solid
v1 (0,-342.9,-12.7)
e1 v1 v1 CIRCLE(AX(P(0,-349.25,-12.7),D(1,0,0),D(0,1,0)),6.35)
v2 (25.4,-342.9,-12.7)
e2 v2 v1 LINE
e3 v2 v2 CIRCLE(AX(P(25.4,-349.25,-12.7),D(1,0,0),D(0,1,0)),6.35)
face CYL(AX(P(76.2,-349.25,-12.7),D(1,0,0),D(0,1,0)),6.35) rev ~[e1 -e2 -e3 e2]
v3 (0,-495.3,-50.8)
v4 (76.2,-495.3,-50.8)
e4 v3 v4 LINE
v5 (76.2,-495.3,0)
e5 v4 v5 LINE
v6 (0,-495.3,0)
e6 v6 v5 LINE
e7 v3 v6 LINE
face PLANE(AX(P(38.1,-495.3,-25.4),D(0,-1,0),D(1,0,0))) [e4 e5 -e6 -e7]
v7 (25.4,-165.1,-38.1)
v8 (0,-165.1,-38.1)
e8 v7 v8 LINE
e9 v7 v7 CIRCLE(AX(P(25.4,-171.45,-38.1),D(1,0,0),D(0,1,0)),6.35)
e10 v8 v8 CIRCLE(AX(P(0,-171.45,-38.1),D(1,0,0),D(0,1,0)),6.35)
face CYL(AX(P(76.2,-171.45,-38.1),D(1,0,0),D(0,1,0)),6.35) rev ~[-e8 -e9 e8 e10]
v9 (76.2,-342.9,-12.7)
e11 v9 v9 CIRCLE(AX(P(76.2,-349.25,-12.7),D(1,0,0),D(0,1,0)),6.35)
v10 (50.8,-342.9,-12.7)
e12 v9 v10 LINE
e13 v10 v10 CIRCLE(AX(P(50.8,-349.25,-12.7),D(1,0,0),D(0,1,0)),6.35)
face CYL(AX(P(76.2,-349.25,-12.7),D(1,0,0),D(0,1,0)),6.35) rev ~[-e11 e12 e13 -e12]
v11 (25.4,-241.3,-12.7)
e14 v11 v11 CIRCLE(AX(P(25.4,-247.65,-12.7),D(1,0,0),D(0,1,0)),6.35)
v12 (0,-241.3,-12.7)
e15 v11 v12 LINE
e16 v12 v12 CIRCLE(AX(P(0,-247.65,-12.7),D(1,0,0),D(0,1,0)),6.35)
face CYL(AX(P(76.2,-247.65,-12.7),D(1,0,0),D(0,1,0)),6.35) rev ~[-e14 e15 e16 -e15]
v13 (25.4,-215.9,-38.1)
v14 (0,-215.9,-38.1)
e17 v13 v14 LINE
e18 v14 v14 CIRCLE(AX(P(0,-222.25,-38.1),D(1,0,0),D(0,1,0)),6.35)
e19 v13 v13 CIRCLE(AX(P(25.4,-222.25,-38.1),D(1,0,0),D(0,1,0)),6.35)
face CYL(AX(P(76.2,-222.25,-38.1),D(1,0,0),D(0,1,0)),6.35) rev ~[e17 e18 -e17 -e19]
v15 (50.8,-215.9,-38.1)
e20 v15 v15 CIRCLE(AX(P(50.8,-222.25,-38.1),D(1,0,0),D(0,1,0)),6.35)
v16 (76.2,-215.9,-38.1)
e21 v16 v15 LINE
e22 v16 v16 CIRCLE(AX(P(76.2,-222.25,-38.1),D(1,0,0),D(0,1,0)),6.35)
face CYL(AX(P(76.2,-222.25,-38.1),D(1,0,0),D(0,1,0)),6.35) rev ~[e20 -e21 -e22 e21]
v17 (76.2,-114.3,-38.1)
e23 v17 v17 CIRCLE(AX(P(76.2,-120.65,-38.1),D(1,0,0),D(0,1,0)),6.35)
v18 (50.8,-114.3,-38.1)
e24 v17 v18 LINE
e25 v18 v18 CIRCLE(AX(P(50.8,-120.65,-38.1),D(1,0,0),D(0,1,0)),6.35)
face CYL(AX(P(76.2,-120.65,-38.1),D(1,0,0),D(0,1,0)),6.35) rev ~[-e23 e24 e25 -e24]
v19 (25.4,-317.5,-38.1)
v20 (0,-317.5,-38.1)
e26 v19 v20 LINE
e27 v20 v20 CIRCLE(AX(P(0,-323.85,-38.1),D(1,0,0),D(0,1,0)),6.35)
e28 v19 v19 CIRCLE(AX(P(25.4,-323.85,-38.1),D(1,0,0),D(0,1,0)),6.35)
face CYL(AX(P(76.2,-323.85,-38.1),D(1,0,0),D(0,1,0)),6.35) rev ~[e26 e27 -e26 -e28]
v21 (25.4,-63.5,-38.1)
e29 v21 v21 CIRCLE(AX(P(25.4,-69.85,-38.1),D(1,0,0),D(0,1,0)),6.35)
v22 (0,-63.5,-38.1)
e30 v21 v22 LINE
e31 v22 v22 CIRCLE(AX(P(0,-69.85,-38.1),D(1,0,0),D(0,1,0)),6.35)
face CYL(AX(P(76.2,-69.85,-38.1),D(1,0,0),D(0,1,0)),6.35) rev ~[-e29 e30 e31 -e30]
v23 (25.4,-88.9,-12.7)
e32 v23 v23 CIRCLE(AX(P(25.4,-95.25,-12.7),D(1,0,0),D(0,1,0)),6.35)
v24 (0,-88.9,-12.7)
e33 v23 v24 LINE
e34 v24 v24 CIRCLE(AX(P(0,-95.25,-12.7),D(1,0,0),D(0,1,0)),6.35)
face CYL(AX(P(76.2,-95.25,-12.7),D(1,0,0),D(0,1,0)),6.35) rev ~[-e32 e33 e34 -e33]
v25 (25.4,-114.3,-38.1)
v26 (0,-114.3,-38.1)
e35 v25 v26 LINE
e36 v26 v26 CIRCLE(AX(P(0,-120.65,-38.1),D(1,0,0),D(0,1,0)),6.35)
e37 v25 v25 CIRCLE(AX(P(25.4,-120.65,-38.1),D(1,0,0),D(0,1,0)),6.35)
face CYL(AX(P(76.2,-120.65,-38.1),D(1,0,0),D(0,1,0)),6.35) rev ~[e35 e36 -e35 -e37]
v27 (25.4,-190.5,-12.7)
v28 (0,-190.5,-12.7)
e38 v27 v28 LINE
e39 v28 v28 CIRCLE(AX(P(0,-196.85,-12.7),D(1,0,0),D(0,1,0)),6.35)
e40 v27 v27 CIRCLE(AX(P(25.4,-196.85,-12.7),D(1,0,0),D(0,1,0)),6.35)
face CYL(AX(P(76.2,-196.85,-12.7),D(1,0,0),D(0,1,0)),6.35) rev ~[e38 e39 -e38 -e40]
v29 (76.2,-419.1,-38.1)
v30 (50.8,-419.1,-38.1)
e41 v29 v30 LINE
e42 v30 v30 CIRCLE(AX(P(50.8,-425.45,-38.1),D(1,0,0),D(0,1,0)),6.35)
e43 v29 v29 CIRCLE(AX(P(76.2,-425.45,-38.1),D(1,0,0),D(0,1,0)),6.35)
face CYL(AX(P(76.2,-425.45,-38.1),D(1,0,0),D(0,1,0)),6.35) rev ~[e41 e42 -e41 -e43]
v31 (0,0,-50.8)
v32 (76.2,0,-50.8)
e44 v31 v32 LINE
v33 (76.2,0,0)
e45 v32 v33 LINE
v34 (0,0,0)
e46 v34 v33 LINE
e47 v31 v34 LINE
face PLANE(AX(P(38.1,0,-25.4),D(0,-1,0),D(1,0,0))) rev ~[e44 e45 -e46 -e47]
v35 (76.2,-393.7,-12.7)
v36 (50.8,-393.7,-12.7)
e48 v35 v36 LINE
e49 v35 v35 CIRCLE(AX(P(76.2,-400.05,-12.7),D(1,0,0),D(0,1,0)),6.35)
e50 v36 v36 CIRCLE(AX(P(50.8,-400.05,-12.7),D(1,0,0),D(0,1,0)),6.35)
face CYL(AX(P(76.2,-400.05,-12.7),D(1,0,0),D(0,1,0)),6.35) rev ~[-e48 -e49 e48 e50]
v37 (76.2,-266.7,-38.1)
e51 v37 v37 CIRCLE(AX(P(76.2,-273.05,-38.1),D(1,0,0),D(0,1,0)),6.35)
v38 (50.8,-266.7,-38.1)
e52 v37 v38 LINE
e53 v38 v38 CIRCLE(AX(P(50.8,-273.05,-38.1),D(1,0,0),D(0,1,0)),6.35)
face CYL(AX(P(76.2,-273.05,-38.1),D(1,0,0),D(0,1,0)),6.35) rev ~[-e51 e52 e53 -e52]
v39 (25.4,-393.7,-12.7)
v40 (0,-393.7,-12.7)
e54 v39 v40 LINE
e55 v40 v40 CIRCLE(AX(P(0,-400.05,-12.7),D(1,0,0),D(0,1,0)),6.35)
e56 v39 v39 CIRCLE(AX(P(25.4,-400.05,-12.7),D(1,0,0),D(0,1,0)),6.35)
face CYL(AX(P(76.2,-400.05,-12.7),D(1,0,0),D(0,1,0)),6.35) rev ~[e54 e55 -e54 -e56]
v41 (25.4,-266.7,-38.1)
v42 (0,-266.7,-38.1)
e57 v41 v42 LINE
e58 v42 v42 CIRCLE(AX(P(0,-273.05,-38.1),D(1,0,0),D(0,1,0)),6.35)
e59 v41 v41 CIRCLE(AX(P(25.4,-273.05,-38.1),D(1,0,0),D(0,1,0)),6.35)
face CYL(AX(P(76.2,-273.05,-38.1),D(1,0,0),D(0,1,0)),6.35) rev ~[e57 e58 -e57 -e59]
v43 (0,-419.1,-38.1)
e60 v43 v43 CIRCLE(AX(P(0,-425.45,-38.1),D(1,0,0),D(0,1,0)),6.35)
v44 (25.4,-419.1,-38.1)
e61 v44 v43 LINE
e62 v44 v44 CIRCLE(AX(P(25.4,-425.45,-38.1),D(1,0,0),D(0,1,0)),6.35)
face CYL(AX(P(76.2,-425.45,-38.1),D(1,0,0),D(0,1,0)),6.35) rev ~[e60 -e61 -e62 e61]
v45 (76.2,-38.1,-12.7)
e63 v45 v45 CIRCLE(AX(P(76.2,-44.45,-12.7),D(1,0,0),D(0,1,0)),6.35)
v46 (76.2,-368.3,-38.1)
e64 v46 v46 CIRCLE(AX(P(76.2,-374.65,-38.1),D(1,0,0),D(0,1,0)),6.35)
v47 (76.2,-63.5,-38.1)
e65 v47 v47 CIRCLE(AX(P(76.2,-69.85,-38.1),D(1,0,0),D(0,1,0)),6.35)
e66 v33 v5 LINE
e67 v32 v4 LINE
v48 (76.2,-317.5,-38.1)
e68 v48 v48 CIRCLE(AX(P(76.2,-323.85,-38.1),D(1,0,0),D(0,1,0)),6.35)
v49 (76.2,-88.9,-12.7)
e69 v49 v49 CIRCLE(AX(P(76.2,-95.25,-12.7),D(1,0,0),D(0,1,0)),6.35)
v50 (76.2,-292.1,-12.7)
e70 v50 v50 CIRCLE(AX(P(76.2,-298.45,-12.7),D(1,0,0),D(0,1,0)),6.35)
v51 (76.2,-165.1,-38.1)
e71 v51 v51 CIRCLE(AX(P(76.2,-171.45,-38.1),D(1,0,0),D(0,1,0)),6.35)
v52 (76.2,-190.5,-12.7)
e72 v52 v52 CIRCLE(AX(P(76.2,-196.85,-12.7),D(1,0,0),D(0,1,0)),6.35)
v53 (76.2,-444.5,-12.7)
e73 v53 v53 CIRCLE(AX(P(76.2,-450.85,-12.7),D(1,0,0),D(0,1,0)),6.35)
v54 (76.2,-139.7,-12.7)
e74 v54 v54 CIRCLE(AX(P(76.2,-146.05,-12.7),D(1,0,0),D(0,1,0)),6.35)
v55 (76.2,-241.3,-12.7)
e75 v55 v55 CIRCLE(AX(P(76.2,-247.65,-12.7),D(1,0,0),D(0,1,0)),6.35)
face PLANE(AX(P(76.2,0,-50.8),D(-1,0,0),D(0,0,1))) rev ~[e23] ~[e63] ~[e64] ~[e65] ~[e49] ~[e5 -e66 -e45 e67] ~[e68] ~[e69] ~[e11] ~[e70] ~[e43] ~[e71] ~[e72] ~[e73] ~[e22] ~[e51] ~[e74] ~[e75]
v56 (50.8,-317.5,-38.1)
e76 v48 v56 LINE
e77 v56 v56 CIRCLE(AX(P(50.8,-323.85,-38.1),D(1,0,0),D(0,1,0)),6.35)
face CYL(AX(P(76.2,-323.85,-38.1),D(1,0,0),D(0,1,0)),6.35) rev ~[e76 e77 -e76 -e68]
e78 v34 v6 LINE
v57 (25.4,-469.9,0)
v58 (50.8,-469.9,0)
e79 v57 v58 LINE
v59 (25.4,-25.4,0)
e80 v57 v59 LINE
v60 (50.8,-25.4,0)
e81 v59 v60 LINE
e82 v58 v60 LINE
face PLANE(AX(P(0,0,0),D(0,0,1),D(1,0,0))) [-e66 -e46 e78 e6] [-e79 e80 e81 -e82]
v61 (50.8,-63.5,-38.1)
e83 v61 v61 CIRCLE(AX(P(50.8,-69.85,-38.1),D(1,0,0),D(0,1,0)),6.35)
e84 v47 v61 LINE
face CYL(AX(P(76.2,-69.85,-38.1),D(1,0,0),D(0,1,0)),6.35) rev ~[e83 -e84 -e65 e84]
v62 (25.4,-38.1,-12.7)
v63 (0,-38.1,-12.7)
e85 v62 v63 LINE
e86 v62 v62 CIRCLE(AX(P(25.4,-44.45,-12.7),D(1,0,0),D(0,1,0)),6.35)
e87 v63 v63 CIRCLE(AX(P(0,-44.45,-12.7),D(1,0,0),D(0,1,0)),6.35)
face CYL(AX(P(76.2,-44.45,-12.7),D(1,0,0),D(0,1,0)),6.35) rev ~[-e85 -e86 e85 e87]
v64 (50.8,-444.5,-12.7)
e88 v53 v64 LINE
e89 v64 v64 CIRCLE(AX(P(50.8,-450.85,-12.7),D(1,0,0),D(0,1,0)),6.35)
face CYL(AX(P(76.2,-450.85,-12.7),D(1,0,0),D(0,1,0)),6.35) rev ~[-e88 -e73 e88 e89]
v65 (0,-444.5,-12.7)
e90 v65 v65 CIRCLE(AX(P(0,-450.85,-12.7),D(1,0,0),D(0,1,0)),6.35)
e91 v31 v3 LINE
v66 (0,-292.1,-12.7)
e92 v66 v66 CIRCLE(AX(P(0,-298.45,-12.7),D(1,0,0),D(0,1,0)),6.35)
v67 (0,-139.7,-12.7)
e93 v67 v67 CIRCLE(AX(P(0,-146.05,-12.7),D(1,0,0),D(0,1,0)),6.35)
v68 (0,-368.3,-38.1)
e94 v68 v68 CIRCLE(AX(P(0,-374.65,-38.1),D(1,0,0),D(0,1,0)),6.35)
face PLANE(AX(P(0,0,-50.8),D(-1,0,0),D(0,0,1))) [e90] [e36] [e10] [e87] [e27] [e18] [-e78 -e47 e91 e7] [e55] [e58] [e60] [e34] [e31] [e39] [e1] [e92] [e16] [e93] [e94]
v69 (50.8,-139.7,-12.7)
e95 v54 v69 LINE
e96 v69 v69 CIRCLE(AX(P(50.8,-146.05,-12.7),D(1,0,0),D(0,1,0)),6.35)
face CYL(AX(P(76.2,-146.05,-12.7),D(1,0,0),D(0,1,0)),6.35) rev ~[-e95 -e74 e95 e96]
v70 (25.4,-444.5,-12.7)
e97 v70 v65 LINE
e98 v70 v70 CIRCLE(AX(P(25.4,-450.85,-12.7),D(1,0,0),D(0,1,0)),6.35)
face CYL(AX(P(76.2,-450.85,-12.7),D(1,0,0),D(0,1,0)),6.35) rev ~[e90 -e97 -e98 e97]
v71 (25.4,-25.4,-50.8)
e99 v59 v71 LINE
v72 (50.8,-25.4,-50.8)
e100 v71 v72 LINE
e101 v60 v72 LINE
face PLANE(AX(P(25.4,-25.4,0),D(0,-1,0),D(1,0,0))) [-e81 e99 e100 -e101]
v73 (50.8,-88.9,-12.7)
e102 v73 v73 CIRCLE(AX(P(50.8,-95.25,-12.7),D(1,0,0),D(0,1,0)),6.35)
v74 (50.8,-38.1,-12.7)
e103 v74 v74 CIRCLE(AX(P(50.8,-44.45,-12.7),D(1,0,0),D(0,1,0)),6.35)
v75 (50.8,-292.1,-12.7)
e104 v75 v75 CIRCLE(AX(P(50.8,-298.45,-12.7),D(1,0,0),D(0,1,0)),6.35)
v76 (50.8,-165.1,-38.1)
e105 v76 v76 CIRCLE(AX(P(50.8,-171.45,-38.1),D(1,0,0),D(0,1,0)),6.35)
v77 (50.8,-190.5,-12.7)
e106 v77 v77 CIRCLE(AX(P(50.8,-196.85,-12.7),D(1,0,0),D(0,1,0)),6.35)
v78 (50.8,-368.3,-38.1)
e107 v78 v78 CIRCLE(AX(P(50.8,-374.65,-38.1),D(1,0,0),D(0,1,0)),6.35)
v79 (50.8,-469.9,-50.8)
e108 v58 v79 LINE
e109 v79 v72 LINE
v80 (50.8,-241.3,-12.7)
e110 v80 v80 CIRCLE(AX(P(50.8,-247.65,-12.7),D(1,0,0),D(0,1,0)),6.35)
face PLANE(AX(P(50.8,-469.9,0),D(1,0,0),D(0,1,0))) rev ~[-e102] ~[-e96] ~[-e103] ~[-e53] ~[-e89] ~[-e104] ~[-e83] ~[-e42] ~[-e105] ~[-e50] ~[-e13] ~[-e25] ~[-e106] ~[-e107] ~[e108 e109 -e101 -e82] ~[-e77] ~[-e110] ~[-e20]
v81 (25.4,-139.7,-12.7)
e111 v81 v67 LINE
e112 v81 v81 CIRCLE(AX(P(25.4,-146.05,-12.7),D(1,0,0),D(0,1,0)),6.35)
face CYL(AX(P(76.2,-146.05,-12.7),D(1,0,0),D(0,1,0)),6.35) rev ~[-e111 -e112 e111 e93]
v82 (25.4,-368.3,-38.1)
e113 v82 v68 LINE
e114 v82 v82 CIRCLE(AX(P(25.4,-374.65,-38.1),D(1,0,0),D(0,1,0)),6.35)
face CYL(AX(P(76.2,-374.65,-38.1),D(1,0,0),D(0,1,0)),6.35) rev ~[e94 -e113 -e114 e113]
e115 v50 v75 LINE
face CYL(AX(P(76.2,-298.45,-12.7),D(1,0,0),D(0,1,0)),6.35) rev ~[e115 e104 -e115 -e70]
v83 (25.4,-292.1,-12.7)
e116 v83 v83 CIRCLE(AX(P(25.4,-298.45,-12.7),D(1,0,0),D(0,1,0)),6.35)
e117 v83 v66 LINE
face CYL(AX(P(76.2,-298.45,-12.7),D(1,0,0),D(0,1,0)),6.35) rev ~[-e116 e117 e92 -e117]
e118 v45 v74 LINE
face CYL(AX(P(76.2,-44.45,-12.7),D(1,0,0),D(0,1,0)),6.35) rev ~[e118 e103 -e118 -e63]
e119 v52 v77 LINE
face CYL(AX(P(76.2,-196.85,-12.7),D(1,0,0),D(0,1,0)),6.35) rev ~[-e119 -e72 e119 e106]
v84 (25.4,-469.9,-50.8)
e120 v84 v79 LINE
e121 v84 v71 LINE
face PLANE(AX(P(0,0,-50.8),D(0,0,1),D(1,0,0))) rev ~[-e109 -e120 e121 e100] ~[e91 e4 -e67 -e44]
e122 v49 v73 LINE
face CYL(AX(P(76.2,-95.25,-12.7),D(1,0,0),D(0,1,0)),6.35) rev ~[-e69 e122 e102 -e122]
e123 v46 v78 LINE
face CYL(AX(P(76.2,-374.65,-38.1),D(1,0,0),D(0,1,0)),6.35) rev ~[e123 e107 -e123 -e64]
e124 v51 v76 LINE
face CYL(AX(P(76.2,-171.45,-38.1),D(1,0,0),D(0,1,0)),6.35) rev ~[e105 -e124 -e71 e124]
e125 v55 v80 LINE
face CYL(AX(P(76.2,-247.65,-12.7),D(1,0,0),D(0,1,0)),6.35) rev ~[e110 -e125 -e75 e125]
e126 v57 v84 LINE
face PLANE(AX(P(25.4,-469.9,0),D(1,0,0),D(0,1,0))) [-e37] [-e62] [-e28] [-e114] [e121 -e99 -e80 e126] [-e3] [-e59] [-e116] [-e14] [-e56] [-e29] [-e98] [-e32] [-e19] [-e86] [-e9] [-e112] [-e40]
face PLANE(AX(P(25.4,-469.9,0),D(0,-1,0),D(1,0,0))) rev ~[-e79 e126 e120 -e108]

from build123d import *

# Parameters (mm, degrees)
F0_W     = 76.2
F0_H     = 50.8
F1_DEPTH = 495.3
F2_W     = 25.4
F2_H     = 444.5
F3_DEPTH = 50.8
F4_R     = 6.35
F5_DEPTH = 76.2


with BuildPart() as f1:
    # F0 (on Front) → F1 (new body)
    with BuildSketch(Plane.XZ):
        with Locations((38.1, -25.4)):
            Rectangle(F0_W, F0_H)
    extrude(amount=F1_DEPTH)

    # F2 (on face) → F3 (cut)
    with BuildSketch(Plane.XY):
        with Locations((38.1, -247.65)):
            Rectangle(F2_W, F2_H)
    extrude(amount=-F3_DEPTH, mode=Mode.SUBTRACT)

    # F4 (on face) → F5 (cut)
    with BuildSketch(Plane.YZ.offset(76.2)):
        with Locations((-450.85, -12.7)):
            Circle(F4_R)
        with Locations((-400.05, -12.7)):
            Circle(F4_R)
        with Locations((-349.25, -12.7)):
            Circle(F4_R)
        with Locations((-298.45, -12.7)):
            Circle(F4_R)
        with Locations((-247.65, -12.7)):
            Circle(F4_R)
        with Locations((-196.85, -12.7)):
            Circle(F4_R)
        with Locations((-146.05, -12.7)):
            Circle(F4_R)
        with Locations((-95.25, -12.7)):
            Circle(F4_R)
        with Locations((-44.45, -12.7)):
            Circle(F4_R)
        with Locations((-69.85, -38.1)):
            Circle(F4_R)
        with Locations((-120.65, -38.1)):
            Circle(F4_R)
        with Locations((-171.45, -38.1)):
            Circle(F4_R)
        with Locations((-222.25, -38.1)):
            Circle(F4_R)
        with Locations((-273.05, -38.1)):
            Circle(F4_R)
        with Locations((-323.85, -38.1)):
            Circle(F4_R)
        with Locations((-374.65, -38.1)):
            Circle(F4_R)
        with Locations((-425.45, -38.1)):
            Circle(F4_R)
    extrude(amount=-F5_DEPTH, mode=Mode.SUBTRACT)


solid = f1.part
